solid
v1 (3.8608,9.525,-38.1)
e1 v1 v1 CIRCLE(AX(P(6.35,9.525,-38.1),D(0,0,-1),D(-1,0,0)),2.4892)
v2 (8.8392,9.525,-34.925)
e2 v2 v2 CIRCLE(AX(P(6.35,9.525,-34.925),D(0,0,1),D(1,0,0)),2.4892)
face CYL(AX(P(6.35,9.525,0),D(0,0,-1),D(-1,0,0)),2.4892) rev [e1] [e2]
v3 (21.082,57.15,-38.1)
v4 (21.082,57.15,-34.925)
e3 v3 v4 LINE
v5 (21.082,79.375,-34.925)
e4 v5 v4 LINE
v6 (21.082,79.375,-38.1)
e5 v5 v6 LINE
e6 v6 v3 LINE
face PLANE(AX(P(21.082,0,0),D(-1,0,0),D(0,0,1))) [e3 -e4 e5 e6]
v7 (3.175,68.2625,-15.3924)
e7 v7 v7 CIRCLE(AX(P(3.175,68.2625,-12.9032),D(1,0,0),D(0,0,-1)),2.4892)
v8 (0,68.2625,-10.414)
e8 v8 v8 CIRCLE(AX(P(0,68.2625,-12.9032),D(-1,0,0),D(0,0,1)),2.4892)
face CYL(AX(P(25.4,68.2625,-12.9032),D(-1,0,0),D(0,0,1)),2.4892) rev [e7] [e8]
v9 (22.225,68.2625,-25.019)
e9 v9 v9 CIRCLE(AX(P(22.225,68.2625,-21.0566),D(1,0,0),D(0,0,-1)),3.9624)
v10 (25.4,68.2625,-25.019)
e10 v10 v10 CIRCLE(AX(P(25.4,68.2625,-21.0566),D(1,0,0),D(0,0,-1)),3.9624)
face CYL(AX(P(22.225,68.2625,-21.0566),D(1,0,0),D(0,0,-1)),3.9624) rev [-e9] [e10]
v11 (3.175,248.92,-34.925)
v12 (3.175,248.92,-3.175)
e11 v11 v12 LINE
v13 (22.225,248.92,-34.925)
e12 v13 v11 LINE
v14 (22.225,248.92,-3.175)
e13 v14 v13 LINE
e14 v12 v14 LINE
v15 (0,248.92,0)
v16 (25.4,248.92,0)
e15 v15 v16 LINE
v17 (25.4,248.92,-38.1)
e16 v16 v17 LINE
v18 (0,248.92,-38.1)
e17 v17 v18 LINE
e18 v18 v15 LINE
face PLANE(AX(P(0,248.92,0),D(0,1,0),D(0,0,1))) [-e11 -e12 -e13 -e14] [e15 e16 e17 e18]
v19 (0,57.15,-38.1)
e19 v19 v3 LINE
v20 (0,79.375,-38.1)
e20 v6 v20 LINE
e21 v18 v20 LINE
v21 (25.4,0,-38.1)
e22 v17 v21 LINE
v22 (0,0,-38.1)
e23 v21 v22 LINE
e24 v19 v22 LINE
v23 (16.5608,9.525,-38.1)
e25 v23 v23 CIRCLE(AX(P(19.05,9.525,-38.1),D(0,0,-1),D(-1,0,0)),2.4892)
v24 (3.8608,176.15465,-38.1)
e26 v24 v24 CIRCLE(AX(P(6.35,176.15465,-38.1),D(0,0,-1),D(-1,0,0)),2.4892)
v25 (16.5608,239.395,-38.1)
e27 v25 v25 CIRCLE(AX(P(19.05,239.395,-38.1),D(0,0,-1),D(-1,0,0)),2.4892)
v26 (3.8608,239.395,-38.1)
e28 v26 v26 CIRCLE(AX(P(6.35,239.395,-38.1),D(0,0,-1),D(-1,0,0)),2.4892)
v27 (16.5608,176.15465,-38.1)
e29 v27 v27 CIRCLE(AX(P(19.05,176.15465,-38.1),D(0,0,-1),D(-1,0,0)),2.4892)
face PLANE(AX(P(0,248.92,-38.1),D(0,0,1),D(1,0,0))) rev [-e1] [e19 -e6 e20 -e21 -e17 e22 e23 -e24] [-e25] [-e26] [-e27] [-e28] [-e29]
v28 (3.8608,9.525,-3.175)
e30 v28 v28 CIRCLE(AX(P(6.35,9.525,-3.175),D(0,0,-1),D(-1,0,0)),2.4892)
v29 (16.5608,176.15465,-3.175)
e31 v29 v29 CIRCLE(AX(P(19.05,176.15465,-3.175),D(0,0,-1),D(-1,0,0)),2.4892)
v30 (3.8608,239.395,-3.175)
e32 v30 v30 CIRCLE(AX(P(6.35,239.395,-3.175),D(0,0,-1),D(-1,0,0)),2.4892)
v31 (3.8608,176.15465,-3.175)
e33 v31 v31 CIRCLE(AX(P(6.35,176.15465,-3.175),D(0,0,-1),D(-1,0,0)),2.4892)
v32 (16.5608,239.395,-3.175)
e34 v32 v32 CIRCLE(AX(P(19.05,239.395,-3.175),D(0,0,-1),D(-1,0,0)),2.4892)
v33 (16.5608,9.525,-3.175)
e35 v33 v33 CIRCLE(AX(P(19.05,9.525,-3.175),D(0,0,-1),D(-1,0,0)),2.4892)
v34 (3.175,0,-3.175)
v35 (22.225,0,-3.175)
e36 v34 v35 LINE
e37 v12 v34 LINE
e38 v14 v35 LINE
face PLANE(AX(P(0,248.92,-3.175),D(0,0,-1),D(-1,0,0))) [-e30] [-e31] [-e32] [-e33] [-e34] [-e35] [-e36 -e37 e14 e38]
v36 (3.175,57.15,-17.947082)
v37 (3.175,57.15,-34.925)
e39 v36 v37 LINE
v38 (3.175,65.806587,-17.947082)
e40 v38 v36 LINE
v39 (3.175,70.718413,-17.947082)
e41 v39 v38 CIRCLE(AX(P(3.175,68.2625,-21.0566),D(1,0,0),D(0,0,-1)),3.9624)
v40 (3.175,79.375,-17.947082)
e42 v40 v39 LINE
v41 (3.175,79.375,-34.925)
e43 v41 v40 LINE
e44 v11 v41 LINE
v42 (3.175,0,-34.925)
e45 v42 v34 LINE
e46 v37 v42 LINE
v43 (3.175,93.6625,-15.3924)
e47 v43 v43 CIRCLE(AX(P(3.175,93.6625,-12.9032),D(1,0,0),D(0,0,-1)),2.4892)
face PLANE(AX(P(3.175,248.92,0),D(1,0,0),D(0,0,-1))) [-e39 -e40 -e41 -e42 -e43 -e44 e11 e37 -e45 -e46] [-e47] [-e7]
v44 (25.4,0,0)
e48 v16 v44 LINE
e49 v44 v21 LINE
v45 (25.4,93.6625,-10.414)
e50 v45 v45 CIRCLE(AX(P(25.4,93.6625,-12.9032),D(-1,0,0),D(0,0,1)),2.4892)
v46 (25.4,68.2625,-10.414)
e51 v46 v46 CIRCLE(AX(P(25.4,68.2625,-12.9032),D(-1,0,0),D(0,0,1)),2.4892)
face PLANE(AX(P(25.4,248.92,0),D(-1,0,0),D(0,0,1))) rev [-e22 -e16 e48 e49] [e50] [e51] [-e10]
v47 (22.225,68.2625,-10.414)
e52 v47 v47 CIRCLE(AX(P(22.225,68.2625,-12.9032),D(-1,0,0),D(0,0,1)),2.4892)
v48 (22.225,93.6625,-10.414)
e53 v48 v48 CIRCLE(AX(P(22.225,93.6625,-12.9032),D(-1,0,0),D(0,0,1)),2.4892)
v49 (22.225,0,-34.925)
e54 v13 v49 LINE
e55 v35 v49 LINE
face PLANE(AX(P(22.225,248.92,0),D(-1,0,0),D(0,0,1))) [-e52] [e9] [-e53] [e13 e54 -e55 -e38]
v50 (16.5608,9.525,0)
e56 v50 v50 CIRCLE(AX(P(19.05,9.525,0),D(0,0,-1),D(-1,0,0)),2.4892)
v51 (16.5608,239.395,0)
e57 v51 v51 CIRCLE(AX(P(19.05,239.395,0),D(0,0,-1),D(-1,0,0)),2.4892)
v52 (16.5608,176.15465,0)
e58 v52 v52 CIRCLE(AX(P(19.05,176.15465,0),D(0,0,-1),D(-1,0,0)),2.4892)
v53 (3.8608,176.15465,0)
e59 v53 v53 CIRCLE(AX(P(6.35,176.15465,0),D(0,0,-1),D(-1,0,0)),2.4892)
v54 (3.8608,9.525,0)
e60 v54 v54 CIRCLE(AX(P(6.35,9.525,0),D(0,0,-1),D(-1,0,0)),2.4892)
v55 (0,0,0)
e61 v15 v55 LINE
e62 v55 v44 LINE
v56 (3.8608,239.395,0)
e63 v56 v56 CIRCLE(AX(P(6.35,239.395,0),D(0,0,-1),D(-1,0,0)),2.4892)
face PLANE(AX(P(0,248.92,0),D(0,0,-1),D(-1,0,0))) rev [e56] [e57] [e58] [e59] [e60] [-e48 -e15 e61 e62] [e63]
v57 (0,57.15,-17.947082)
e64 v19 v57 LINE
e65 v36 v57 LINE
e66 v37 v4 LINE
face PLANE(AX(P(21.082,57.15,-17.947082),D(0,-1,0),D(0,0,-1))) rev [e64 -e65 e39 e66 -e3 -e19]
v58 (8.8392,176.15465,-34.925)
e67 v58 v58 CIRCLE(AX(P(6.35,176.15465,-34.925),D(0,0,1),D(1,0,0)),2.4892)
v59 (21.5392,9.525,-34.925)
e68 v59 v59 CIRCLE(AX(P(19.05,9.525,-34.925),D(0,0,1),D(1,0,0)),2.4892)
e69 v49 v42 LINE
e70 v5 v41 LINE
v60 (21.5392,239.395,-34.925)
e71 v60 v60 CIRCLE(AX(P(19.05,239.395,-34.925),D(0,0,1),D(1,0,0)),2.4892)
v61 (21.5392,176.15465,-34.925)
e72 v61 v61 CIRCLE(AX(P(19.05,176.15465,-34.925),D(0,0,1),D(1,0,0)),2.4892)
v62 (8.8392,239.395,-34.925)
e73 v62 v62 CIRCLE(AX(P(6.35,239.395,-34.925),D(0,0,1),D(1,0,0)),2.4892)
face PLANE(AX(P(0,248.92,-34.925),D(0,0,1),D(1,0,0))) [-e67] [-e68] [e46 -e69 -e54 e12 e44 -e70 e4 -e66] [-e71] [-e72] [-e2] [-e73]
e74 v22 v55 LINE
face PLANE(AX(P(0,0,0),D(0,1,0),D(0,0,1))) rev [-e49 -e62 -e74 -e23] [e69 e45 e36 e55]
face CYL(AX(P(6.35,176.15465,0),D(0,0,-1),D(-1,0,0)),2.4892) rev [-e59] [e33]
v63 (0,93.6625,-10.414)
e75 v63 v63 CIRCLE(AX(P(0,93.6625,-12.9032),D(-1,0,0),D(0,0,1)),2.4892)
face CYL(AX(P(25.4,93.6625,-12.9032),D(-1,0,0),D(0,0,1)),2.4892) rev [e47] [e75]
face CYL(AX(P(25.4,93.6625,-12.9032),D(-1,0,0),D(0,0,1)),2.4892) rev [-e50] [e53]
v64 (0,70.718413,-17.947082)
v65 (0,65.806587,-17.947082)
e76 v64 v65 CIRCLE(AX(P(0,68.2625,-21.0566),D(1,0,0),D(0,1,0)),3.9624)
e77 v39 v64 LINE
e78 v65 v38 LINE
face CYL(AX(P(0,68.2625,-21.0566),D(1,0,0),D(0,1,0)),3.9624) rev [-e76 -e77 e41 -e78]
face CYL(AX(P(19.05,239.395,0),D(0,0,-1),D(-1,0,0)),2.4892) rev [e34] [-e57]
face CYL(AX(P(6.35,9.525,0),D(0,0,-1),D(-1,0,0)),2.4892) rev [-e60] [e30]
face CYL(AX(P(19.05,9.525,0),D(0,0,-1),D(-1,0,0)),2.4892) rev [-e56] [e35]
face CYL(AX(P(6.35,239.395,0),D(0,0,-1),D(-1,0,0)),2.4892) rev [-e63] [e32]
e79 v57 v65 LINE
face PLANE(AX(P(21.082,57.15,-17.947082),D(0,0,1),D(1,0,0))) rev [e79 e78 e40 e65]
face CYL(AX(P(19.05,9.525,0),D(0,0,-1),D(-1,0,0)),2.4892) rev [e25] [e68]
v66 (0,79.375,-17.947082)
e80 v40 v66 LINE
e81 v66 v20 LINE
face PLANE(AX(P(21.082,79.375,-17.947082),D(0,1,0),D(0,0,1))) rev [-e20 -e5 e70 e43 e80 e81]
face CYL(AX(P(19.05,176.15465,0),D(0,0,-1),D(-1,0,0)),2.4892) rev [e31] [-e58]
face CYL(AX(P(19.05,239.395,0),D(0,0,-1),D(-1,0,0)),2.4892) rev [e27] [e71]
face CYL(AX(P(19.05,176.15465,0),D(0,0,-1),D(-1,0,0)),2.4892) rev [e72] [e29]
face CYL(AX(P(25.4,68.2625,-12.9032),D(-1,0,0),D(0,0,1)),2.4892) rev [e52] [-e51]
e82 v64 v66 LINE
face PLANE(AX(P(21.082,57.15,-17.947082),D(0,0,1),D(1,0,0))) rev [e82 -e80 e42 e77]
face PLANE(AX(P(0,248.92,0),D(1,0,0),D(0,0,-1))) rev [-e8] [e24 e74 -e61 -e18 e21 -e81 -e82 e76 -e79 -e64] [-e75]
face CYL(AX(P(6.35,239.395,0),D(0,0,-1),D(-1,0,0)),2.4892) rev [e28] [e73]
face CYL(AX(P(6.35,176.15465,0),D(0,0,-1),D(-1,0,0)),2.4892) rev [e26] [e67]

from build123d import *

# Parameters (mm, degrees)
SKETCH1_W           = 25.4
SKETCH1_H           = 38.1
SKETCH1_W_2         = 19.05
SKETCH1_H_2         = 31.75
EXTRUDE_THIN1_DEPTH = 248.92
SKETCH5_W           = 47.1424
SKETCH5_H           = 22.225
CUT_EXTRUDE2_DEPTH  = 21.082
SKETCH7_R           = 2.4892
CUT_EXTRUDE4_DEPTH  = 26.4
SKETCH8_R           = 2.4892
CUT_EXTRUDE5_DEPTH  = 26.4
SKETCH10_R          = 3.9624
CUT_EXTRUDE7_DEPTH  = 3.175
SKETCH11_R          = 3.9624
CUT_EXTRUDE8_DEPTH  = 77.2
SKETCH13_R          = 2.4892
CUT_EXTRUDE9_DEPTH  = 39.1
SKETCH16_R          = 2.4892
CUT_EXTRUDE13_DEPTH = 39.1


with BuildPart() as part:
    # Sketch1 → Extrude-Thin1 (new body)
    with BuildSketch(Plane(origin=(0, 0, 0), x_dir=(1, 0, 0), z_dir=(0, 1, 0))):
        with Locations((12.7, 19.05)):
            Rectangle(SKETCH1_W, SKETCH1_H)
        with Locations((12.7, 19.05)):
            Rectangle(SKETCH1_W_2, SKETCH1_H_2, mode=Mode.SUBTRACT)
    extrude(amount=EXTRUDE_THIN1_DEPTH)

    # Sketch5 → Cut-Extrude2 (cut)
    with BuildSketch(Plane.ZY):
        with Locations((-41.518281917, 68.2625)):
            Rectangle(SKETCH5_W, SKETCH5_H)
    extrude(amount=-CUT_EXTRUDE2_DEPTH, mode=Mode.SUBTRACT)

    # Sketch7 → Cut-Extrude4 (cut, through all)
    with BuildSketch(Plane.ZY):
        with Locations((-12.9032, 93.6625)):
            Circle(SKETCH7_R)
    extrude(amount=-CUT_EXTRUDE4_DEPTH, mode=Mode.SUBTRACT)

    # Sketch8 → Cut-Extrude5 (cut, through all)
    with BuildSketch(Plane.ZY):
        with Locations((-12.9032, 68.2625)):
            Circle(SKETCH8_R)
    extrude(amount=-CUT_EXTRUDE5_DEPTH, mode=Mode.SUBTRACT)

    # Sketch10 → Cut-Extrude7 (cut)
    with BuildSketch(Plane(origin=(25.4, 0, 0), x_dir=(0, 0, -1), z_dir=(1, 0, 0))):
        with Locations((21.0566, 68.2625)):
            Circle(SKETCH10_R)
    extrude(amount=-CUT_EXTRUDE7_DEPTH, mode=Mode.SUBTRACT)

    # Sketch11 → Cut-Extrude8 (cut, through all)
    with BuildSketch(Plane(origin=(76.2, 0, 0), x_dir=(0, 0, -1), z_dir=(1, 0, 0))):
        with Locations((21.0566, 68.2625)):
            Circle(SKETCH11_R)
    extrude(amount=-CUT_EXTRUDE8_DEPTH, mode=Mode.SUBTRACT)

    # Sketch13 → Cut-Extrude9 (cut, through all)
    with BuildSketch(Plane(origin=(0, 0, -38.1), x_dir=(-1, 0, 0), z_dir=(0, 0, -1))):
        with Locations((-19.05, 9.525)):
            Circle(SKETCH13_R)
        with Locations((-6.35, 9.525)):
            Circle(SKETCH13_R)
        with Locations((-6.35, 239.395)):
            Circle(SKETCH13_R)
        with Locations((-19.05, 239.395)):
            Circle(SKETCH13_R)
    extrude(amount=-CUT_EXTRUDE9_DEPTH, mode=Mode.SUBTRACT)

    # Sketch16 → Cut-Extrude13 (cut, through all)
    with BuildSketch(Plane(origin=(0, 0, -38.1), x_dir=(-1, 0, 0), z_dir=(0, 0, -1))):
        with Locations((-19.05, 176.15465)):
            Circle(SKETCH16_R)
        with Locations((-6.35, 176.15465)):
            Circle(SKETCH16_R)
    extrude(amount=-CUT_EXTRUDE13_DEPTH, mode=Mode.SUBTRACT)


solid = part.part
